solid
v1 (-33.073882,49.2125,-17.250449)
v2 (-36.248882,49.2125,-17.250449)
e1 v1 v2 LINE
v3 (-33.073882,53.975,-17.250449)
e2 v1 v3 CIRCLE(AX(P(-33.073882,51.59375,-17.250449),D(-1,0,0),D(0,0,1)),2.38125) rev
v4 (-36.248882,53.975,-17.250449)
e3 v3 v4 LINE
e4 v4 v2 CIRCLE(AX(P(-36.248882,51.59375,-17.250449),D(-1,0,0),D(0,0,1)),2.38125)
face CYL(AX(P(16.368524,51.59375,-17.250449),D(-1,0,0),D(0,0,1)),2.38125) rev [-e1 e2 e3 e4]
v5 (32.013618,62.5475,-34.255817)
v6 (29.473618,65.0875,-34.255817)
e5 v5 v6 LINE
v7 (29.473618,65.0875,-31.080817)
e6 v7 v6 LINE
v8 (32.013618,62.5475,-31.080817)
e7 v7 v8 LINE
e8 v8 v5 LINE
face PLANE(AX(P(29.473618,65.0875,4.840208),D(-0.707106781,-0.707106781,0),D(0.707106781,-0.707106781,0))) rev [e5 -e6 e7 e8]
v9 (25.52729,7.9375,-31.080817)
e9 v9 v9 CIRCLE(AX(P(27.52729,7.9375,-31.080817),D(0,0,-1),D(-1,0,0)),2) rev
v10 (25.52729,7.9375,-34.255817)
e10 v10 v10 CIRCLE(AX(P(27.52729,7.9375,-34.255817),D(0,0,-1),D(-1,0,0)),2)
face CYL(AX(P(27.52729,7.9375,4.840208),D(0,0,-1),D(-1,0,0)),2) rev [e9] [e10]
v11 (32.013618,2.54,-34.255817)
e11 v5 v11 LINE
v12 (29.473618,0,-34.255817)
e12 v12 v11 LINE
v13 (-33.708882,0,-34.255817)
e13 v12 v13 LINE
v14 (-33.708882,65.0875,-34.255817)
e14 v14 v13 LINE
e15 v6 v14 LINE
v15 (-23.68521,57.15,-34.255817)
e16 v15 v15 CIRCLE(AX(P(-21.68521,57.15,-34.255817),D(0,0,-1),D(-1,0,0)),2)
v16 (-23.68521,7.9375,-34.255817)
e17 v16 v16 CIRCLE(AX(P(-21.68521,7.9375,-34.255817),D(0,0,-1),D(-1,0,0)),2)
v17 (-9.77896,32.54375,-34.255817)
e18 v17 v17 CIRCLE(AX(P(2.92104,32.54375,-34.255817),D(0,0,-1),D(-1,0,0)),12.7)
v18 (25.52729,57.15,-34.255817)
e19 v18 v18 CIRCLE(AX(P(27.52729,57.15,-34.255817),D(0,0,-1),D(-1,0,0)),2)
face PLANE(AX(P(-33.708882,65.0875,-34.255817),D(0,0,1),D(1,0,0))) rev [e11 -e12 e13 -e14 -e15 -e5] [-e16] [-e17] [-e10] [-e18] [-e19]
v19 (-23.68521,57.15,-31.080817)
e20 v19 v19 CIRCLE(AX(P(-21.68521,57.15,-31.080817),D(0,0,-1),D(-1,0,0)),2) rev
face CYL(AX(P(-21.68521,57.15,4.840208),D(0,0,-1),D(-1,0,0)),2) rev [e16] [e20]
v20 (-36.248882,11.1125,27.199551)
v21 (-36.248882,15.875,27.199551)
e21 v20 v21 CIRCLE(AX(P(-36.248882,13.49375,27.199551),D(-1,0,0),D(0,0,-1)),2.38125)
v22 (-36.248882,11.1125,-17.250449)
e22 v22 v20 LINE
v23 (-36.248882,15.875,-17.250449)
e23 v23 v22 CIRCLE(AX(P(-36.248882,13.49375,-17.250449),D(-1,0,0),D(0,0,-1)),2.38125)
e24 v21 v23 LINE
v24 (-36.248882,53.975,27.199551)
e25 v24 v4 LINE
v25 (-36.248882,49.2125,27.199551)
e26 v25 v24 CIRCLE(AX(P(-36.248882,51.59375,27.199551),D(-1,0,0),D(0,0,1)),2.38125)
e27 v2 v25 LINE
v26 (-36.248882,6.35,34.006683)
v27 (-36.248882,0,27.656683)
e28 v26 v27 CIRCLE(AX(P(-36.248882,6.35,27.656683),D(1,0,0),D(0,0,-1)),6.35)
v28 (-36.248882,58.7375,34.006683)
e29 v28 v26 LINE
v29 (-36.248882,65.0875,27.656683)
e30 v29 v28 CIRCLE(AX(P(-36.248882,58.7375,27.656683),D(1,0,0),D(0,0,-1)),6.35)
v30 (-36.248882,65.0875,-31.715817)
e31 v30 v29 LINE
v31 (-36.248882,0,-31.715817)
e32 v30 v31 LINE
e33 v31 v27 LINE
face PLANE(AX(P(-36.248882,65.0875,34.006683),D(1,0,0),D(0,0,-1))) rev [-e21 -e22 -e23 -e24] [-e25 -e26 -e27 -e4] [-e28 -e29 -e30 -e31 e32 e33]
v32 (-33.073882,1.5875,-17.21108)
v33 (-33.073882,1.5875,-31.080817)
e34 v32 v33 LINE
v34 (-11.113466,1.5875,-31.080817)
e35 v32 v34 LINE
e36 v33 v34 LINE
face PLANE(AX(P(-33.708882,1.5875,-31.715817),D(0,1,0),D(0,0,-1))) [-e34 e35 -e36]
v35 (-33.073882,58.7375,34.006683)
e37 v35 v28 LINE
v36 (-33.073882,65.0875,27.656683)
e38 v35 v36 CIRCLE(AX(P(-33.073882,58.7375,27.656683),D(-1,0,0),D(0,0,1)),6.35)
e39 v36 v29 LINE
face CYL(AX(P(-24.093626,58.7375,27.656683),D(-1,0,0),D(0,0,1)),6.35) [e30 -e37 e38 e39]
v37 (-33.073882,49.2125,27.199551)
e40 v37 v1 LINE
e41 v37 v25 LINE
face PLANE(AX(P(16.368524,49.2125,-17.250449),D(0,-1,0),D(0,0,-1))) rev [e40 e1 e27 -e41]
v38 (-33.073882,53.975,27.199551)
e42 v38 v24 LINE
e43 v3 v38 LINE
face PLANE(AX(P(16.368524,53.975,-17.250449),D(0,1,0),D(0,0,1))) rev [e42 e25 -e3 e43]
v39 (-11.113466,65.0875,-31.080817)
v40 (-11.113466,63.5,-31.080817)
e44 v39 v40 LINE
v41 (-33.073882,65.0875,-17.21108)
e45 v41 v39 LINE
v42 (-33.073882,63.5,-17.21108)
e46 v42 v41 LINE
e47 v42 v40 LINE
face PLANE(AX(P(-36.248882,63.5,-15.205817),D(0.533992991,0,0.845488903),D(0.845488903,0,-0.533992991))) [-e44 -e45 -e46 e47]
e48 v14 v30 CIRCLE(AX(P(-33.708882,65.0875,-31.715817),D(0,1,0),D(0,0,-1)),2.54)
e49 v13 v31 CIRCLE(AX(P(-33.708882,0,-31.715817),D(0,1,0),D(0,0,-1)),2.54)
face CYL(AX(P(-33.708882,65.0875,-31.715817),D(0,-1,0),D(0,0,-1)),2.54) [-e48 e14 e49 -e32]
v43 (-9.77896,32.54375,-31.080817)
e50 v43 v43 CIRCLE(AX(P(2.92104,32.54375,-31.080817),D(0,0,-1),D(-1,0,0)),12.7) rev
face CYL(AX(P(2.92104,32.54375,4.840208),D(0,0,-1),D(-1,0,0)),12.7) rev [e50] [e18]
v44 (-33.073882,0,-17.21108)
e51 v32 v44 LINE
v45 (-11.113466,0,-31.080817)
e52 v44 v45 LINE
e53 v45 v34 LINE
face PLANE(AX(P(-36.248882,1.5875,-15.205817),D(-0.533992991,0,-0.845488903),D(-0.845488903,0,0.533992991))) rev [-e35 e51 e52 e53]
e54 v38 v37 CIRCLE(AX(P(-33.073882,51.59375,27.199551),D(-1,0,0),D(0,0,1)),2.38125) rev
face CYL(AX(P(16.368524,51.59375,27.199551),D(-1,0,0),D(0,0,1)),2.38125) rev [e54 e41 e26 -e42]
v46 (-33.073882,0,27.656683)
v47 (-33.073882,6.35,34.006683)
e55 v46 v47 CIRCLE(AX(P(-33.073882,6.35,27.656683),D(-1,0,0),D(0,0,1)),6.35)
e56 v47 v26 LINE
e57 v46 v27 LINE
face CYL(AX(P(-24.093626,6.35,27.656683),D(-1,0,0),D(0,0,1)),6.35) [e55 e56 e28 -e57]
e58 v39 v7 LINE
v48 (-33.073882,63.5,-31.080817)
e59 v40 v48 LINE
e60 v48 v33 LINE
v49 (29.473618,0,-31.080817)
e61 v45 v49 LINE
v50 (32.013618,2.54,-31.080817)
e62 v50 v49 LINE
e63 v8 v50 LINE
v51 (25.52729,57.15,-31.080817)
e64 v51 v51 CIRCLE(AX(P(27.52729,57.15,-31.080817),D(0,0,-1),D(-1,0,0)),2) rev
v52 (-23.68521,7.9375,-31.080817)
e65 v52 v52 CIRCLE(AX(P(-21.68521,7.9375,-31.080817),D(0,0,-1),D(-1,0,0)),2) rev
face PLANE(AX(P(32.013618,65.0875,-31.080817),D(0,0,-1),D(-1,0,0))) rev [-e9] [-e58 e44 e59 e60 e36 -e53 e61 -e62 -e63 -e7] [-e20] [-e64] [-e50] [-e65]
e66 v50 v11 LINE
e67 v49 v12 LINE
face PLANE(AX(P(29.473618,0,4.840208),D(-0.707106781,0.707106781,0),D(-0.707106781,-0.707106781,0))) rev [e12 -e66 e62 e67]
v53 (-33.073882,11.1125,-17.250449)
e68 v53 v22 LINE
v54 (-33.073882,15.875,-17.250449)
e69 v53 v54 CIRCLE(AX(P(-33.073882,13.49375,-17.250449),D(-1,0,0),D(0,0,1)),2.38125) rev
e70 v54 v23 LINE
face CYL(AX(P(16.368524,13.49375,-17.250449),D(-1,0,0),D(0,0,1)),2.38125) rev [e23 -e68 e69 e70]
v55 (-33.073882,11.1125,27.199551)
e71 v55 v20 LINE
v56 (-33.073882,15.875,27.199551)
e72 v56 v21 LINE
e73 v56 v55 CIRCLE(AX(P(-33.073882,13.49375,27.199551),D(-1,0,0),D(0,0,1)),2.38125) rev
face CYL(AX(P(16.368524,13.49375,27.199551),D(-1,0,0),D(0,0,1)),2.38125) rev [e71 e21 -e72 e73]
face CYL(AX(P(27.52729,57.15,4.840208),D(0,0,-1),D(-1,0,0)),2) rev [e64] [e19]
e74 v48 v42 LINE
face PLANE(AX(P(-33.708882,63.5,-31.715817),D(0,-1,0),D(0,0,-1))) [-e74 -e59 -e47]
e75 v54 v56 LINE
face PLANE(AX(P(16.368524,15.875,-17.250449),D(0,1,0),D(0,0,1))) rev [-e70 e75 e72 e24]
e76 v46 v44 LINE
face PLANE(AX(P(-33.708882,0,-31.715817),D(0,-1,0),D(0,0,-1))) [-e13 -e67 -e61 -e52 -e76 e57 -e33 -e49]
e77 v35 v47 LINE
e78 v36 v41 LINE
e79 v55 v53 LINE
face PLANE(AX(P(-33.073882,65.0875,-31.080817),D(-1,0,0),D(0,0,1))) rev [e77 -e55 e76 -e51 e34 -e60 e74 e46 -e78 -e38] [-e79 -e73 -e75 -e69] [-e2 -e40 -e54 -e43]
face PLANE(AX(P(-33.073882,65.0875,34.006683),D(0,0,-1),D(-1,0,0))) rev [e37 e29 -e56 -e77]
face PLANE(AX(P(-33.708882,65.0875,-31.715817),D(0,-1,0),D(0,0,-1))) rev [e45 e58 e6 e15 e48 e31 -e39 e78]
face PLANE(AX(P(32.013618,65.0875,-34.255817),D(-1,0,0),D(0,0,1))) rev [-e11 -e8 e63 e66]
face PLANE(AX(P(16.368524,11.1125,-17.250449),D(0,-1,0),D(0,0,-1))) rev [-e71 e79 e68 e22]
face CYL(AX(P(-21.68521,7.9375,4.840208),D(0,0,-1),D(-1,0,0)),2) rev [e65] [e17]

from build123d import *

# Parameters (mm, degrees)
BOSS_EXTRUDE1_DEPTH = 65.0875
SKETCH2_R           = 2
SKETCH2_R_2         = 12.7
CUT_EXTRUDE1_DEPTH  = 3.175
CUT_EXTRUDE2_DEPTH  = 3.175
BOSS_EXTRUDE2_START = -1.5875
BOSS_EXTRUDE2_DEPTH = 1.5875
CUT_EXTRUDE3_DEPTH  = 3.175


with BuildPart() as part:
    # Sketch1 → Boss-Extrude1 (new body)
    with BuildSketch(Plane(origin=(0, 0, 0), x_dir=(1, 0, 0), z_dir=(0, 1, 0))):
        with BuildLine():
            Line((32.013617701, 34.255816606), (32.013617701, 31.080816606))
            Line((32.013617701, 31.080816606), (-33.073882299, 31.080816606))
            Line((-33.073882299, 31.080816606), (-33.073882299, -34.006683394))
            Line((-33.073882299, -34.006683394), (-36.248882299, -34.006683394))
            Line((-36.248882299, -34.006683394), (-36.248882299, 31.715816606))
            ThreePointArc((-36.248882299, 31.715816606), (-35.504933523, 33.51186783), (-33.708882299, 34.255816606))
            Line((-33.708882299, 34.255816606), (32.013617701, 34.255816606))
        make_face()
    extrude(amount=BOSS_EXTRUDE1_DEPTH)

    # Sketch2 → Cut-Extrude1 (cut)
    with BuildSketch(Plane(origin=(0, 0, -34.255816606), x_dir=(-1, 0, 0), z_dir=(0, 0, -1))):
        with Locations((-27.52729049, 57.15)):
            Circle(SKETCH2_R)
        with Locations((21.68520951, 57.15)):
            Circle(SKETCH2_R)
        with Locations((21.68520951, 7.9375)):
            Circle(SKETCH2_R)
        with Locations((-27.52729049, 7.9375)):
            Circle(SKETCH2_R)
        with Locations((-2.92104049, 32.54375)):
            Circle(SKETCH2_R_2)
        Polygon((-29.473617701, 65.0875), (-32.013617701, 62.5475), (-32.013617701, 65.0875), align=None)
        Polygon((-29.473617701, 0), (-32.013617701, 2.54), (-32.013617701, 0), align=None)
    extrude(amount=-CUT_EXTRUDE1_DEPTH, mode=Mode.SUBTRACT)

    # Sketch3 → Cut-Extrude2 (cut)
    with BuildSketch(Plane.ZY.offset(36.248882299)):
        with BuildLine():
            Line((27.656683394, 65.0875), (34.006683394, 65.0875))
            Line((34.006683394, 65.0875), (34.006683394, 58.7375))
            ThreePointArc((34.006683394, 58.7375), (32.146811455, 63.227628061), (27.656683394, 65.0875))
        make_face()
        with BuildLine():
            Line((34.006683394, 6.35), (34.006683394, 0))
            Line((34.006683394, 0), (27.656683394, 0))
            ThreePointArc((27.656683394, 0), (32.146811455, 1.859871939), (34.006683394, 6.35))
        make_face()
    extrude(amount=-CUT_EXTRUDE2_DEPTH, mode=Mode.SUBTRACT)

    # Sketch4 → Boss-Extrude2 (add)
    with BuildSketch(Plane(origin=(0, 65.0875, 0), x_dir=(1, 0, 0), z_dir=(0, 1, 0)).offset(BOSS_EXTRUDE2_START)):
        with BuildLine():
            Line((-36.248882299, 31.715816606), (-36.248882299, 15.205816606))
            Line((-36.248882299, 15.205816606), (-6.086382299, 34.255816606))
            Line((-6.086382299, 34.255816606), (-33.708882299, 34.255816606))
            ThreePointArc((-33.708882299, 34.255816606), (-35.504933523, 33.51186783), (-36.248882299, 31.715816606))
        make_face()
    boss_extrude2 = extrude(amount=BOSS_EXTRUDE2_DEPTH)

    # Mirror1: Boss-Extrude2 across plane
    add(boss_extrude2.mirror(Plane(origin=(0, 32.54375, 0), x_dir=(0, 0, 1), z_dir=(0, -1, 0))))

    # Sketch5 → Cut-Extrude3 (cut)
    with BuildSketch(Plane.ZY.offset(36.248882299)):
        with BuildLine():
            Line((-17.250449478, 53.975), (27.199550522, 53.975))
            ThreePointArc((27.199550522, 53.975), (29.580800522, 51.59375), (27.199550522, 49.2125))
            Line((27.199550522, 49.2125), (-17.250449478, 49.2125))
            ThreePointArc((-17.250449478, 49.2125), (-19.631699478, 51.59375), (-17.250449478, 53.975))
        make_face()
        with BuildLine():
            Line((-17.250449478, 11.1125), (27.199550522, 11.1125))
            ThreePointArc((27.199550522, 11.1125), (29.580800522, 13.49375), (27.199550522, 15.875))
            Line((27.199550522, 15.875), (-17.250449478, 15.875))
            ThreePointArc((-17.250449478, 15.875), (-19.631699478, 13.49375), (-17.250449478, 11.1125))
        make_face()
    extrude(amount=-CUT_EXTRUDE3_DEPTH, mode=Mode.SUBTRACT)


solid = part.part
